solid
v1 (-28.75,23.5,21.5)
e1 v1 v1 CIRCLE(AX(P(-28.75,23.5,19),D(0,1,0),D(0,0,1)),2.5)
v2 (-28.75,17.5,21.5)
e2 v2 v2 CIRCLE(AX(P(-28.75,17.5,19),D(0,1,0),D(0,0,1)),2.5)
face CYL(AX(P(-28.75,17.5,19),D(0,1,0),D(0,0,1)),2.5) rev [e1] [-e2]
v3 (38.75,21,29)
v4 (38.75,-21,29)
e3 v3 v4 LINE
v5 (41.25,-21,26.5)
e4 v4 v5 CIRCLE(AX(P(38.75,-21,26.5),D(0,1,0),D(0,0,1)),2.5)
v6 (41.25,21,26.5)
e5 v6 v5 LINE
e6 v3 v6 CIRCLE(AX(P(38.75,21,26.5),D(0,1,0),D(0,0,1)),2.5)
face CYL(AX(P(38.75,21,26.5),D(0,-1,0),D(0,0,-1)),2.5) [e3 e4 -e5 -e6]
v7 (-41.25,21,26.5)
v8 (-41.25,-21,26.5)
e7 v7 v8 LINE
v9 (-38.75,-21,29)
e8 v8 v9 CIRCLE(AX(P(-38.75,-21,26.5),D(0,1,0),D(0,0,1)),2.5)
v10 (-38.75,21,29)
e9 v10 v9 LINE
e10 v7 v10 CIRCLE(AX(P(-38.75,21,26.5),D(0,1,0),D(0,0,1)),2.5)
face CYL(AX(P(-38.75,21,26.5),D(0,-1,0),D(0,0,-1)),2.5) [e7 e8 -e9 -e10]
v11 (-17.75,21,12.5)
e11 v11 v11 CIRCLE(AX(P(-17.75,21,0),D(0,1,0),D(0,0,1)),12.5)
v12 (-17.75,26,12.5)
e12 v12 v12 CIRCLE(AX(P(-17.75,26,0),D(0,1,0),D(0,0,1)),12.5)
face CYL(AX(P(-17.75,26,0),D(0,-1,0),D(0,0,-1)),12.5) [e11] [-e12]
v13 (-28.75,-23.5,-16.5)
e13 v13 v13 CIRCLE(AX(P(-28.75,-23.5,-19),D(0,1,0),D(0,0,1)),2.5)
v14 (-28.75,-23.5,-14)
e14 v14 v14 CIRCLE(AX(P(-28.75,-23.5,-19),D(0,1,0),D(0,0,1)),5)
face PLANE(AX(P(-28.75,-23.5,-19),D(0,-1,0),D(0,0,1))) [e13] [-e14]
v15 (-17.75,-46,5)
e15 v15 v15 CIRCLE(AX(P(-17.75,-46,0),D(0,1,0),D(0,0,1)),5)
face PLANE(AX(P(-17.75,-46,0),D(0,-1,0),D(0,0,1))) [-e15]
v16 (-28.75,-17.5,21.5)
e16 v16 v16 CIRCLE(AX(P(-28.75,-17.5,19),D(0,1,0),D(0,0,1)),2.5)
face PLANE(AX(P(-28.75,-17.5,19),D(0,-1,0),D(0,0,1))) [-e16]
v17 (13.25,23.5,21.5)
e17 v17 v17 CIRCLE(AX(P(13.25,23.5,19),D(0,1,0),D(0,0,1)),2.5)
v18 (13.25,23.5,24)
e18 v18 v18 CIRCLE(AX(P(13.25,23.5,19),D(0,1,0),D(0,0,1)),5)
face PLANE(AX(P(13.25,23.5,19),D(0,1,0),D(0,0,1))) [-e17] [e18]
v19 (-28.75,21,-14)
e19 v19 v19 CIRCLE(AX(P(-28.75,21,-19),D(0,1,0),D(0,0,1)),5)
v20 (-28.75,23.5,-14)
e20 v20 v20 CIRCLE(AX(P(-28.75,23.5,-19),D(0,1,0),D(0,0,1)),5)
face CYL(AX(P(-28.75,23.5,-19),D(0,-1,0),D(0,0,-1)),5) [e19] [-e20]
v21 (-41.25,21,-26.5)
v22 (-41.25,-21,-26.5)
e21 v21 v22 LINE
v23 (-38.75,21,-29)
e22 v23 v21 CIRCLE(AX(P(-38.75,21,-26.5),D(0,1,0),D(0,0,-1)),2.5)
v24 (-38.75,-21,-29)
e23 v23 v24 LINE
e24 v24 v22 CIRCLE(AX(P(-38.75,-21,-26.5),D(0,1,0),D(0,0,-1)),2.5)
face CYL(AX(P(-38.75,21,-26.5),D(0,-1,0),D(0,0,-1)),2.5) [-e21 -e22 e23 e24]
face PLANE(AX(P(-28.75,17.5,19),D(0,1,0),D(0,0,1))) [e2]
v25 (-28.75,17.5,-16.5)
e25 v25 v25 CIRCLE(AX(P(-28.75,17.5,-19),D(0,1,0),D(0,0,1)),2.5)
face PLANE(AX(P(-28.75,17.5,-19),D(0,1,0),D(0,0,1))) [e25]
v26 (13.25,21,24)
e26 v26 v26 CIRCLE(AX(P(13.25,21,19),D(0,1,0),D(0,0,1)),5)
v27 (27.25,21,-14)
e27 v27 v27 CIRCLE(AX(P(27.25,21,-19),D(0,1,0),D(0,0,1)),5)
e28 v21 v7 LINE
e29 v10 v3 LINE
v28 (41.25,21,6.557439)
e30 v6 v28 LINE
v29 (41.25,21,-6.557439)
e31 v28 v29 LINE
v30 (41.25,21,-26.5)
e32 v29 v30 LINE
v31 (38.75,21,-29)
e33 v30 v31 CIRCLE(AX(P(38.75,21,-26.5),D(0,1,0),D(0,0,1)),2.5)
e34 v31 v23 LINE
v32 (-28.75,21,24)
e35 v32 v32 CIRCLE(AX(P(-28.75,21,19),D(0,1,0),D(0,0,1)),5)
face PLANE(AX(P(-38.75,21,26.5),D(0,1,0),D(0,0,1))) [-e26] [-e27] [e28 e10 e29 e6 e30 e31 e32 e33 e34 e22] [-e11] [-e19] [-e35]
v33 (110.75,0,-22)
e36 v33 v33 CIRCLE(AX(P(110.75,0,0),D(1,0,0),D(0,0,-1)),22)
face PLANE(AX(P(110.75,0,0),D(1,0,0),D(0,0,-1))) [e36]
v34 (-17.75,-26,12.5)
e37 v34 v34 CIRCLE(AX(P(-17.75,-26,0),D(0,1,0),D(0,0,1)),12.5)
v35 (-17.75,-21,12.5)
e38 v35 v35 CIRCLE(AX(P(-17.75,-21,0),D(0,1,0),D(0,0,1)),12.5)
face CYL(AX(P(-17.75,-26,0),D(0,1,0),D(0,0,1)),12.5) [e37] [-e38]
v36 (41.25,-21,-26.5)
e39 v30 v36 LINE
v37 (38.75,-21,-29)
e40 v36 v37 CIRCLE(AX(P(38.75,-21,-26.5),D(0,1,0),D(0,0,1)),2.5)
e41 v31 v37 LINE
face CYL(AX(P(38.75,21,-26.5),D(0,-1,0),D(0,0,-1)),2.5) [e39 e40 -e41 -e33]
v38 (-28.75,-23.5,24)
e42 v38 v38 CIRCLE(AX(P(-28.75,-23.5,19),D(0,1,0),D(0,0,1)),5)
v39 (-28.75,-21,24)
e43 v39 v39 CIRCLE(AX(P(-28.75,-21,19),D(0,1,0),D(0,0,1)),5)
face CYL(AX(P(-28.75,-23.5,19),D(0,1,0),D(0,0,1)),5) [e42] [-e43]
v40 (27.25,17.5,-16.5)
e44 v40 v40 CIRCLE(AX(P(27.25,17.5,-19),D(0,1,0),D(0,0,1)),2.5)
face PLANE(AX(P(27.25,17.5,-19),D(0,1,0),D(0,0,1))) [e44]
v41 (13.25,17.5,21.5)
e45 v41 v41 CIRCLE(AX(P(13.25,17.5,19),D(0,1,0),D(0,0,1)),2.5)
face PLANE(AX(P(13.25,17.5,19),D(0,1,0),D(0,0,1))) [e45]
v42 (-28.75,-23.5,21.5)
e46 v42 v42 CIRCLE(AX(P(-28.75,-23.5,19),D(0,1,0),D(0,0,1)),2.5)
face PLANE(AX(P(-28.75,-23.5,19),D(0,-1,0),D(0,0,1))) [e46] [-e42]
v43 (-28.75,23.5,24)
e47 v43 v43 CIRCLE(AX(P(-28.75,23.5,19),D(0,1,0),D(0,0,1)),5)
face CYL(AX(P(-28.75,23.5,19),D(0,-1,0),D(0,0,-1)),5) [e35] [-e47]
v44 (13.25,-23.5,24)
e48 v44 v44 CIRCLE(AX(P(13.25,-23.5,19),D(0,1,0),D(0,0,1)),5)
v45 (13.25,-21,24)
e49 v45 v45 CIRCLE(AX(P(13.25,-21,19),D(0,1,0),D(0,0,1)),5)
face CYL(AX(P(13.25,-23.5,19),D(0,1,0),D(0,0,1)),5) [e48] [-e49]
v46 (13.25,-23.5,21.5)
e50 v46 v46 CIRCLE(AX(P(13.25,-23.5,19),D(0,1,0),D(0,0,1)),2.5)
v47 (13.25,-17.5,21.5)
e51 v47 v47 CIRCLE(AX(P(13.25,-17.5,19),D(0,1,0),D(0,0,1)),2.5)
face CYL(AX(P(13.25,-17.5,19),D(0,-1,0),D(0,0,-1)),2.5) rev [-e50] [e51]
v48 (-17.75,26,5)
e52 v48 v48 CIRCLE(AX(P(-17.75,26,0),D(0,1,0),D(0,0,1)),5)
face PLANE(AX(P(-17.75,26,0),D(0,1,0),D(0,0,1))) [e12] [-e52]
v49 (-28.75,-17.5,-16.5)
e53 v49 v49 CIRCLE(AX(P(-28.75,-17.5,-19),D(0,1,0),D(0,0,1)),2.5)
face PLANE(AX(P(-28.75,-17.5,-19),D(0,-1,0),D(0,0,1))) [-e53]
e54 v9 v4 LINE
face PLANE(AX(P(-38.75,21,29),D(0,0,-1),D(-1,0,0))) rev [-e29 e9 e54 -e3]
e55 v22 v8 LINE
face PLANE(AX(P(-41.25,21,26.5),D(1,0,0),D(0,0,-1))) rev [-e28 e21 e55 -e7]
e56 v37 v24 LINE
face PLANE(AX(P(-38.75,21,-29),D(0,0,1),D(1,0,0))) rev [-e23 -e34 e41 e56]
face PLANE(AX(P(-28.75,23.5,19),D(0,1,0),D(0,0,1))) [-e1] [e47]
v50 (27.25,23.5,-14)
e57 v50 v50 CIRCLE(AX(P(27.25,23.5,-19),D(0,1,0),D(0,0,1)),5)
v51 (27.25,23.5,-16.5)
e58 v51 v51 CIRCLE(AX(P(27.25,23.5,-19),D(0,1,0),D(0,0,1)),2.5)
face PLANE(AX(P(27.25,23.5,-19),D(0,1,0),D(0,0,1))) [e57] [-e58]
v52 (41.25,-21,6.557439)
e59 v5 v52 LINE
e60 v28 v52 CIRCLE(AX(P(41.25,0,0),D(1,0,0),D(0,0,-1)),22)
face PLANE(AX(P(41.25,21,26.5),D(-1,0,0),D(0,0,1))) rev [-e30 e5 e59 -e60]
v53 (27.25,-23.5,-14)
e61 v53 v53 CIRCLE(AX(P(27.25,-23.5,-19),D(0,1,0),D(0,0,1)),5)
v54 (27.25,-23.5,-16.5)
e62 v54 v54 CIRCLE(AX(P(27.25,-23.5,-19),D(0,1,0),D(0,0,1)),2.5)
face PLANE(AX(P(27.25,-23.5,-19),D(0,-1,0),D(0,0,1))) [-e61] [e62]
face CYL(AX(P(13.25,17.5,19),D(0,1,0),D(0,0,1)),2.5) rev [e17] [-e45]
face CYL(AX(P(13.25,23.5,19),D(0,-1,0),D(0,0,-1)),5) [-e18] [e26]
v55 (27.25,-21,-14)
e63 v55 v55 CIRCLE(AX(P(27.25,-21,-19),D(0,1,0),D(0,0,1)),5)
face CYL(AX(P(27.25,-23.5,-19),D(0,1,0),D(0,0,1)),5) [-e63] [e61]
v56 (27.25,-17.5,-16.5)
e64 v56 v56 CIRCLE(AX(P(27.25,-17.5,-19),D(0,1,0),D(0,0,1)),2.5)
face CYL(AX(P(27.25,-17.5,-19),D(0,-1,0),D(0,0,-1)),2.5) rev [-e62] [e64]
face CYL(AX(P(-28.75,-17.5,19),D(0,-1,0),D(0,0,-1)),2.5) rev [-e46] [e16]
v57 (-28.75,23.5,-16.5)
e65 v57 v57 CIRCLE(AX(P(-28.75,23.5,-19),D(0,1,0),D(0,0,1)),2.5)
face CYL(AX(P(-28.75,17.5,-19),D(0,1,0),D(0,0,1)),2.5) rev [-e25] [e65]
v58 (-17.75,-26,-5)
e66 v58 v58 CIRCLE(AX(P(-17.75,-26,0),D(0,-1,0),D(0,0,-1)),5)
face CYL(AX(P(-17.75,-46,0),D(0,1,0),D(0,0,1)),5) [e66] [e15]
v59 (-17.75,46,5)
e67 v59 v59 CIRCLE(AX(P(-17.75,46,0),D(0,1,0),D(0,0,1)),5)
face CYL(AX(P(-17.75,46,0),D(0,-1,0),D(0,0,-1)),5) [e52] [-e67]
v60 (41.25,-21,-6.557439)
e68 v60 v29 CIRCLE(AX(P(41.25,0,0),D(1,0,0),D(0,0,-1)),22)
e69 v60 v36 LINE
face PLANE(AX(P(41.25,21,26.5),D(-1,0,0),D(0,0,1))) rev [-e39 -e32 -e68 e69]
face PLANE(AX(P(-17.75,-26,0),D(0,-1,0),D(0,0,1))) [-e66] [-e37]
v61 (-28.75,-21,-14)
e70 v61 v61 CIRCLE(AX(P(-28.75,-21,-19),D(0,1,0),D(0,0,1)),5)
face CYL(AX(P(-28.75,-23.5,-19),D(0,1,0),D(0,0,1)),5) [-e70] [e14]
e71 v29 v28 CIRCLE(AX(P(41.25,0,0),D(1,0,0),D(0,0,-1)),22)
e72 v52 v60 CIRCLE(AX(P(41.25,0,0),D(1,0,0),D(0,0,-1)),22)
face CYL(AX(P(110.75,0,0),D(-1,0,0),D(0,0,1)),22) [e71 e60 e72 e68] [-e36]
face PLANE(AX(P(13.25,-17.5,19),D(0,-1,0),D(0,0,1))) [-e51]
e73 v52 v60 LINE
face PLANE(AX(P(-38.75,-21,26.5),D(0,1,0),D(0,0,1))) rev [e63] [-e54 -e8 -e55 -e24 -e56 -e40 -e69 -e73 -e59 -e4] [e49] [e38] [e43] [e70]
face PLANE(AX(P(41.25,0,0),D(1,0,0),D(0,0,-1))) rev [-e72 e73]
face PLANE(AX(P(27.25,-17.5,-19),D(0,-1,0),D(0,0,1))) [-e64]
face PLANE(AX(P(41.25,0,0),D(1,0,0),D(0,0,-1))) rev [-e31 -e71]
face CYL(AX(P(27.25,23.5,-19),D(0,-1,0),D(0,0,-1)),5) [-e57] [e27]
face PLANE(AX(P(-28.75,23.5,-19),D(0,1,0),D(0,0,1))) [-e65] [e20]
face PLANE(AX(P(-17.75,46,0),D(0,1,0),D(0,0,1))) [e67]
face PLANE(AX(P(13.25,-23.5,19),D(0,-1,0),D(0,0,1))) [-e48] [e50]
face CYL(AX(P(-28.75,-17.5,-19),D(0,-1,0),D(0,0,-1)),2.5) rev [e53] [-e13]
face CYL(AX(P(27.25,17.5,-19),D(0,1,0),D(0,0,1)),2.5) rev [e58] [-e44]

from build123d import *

# Parameters (mm, degrees)
BOSS_EXTRUDE1_DEPTH = 21
SKETCH2_R           = 5
BOSS_EXTRUDE2_DEPTH = 2.5
SKETCH3_R           = 2.5
CUT_EXTRUDE1_DEPTH  = 6
SKETCH6_R           = 12.5
BOSS_EXTRUDE5_DEPTH = 5
SKETCH4_R           = 5
BOSS_EXTRUDE3_DEPTH = 20
SKETCH5_R           = 22
BOSS_EXTRUDE4_DEPTH = 69.5


with BuildPart() as part:
    # Sketch1 → Boss-Extrude1 (new, symmetric)
    with BuildSketch(Plane(origin=(0, 0, 0), x_dir=(1, 0, 0), z_dir=(0, 1, 0))):
        with BuildLine():
            Line((-38.75, -29), (38.75, -29))
            ThreePointArc((38.75, -29), (40.517766953, -28.267766953), (41.25, -26.5))
            Line((41.25, -26.5), (41.25, 26.5))
            ThreePointArc((41.25, 26.5), (40.517766953, 28.267766953), (38.75, 29))
            Line((38.75, 29), (-38.75, 29))
            ThreePointArc((-38.75, 29), (-40.517766953, 28.267766953), (-41.25, 26.5))
            Line((-41.25, 26.5), (-41.25, -26.5))
            ThreePointArc((-41.25, -26.5), (-40.517766953, -28.267766953), (-38.75, -29))
        make_face()
    extrude(amount=BOSS_EXTRUDE1_DEPTH, both=True)

    # Sketch2 → Boss-Extrude2 (add)
    with BuildSketch(Plane(origin=(0, 21, 0), x_dir=(1, 0, 0), z_dir=(0, 1, 0))):
        with Locations(Location((-28.75, 19, 0), (0, 0, 270))):
            Circle(SKETCH2_R)
        with Locations(Location((-28.75, -19, 0), (0, 0, 270))):
            Circle(SKETCH2_R)
        with Locations(Location((13.25, -19, 0), (0, 0, 270))):
            Circle(SKETCH2_R)
        with Locations(Location((27.25, 19, 0), (0, 0, 270))):
            Circle(SKETCH2_R)
    boss_extrude2 = extrude(amount=BOSS_EXTRUDE2_DEPTH)

    # Sketch3 → Cut-Extrude1 (cut)
    with BuildSketch(Plane(origin=(0, 23.5, 0), x_dir=(1, 0, 0), z_dir=(0, 1, 0))):
        with Locations(Location((-28.75, 19, 0), (0, 0, 270))):
            Circle(SKETCH3_R)
        with Locations(Location((27.25, 19, 0), (0, 0, 270))):
            Circle(SKETCH3_R)
        with Locations(Location((13.25, -19, 0), (0, 0, 270))):
            Circle(SKETCH3_R)
        with Locations(Location((-28.75, -19, 0), (0, 0, 270))):
            Circle(SKETCH3_R)
    cut_extrude1 = extrude(amount=-CUT_EXTRUDE1_DEPTH, mode=Mode.SUBTRACT)

    # Sketch6 → Boss-Extrude5 (add)
    with BuildSketch(Plane(origin=(0, 21, 0), x_dir=(1, 0, 0), z_dir=(0, 1, 0))):
        with Locations(Location((-17.75, 0, 0), (0, 0, 270))):
            Circle(SKETCH6_R)
    boss_extrude5 = extrude(amount=BOSS_EXTRUDE5_DEPTH)

    # Sketch4 → Boss-Extrude3 (add)
    with BuildSketch(Plane(origin=(0, 26, 0), x_dir=(1, 0, 0), z_dir=(0, 1, 0))):
        with Locations(Location((-17.75, 0, 0), (0, 0, 270))):
            Circle(SKETCH4_R)
    boss_extrude3 = extrude(amount=BOSS_EXTRUDE3_DEPTH)

    # Sketch5 → Boss-Extrude4 (add)
    with BuildSketch(Plane(origin=(41.25, 0, 0), x_dir=(0, 0, -1), z_dir=(1, 0, 0))):
        with Locations(Location((0, 0, 0), (0, 0, 107.341442803))):
            Circle(SKETCH5_R)
    extrude(amount=BOSS_EXTRUDE4_DEPTH)

    # Mirror2: Boss-Extrude2, Cut-Extrude1, Boss-Extrude5, Boss-Extrude3 across plane
    add(boss_extrude2.mirror(Plane.ZX))
    add(cut_extrude1.mirror(Plane.ZX), mode=Mode.SUBTRACT)
    add(boss_extrude5.mirror(Plane.ZX))
    add(boss_extrude3.mirror(Plane.ZX))


solid = part.part
